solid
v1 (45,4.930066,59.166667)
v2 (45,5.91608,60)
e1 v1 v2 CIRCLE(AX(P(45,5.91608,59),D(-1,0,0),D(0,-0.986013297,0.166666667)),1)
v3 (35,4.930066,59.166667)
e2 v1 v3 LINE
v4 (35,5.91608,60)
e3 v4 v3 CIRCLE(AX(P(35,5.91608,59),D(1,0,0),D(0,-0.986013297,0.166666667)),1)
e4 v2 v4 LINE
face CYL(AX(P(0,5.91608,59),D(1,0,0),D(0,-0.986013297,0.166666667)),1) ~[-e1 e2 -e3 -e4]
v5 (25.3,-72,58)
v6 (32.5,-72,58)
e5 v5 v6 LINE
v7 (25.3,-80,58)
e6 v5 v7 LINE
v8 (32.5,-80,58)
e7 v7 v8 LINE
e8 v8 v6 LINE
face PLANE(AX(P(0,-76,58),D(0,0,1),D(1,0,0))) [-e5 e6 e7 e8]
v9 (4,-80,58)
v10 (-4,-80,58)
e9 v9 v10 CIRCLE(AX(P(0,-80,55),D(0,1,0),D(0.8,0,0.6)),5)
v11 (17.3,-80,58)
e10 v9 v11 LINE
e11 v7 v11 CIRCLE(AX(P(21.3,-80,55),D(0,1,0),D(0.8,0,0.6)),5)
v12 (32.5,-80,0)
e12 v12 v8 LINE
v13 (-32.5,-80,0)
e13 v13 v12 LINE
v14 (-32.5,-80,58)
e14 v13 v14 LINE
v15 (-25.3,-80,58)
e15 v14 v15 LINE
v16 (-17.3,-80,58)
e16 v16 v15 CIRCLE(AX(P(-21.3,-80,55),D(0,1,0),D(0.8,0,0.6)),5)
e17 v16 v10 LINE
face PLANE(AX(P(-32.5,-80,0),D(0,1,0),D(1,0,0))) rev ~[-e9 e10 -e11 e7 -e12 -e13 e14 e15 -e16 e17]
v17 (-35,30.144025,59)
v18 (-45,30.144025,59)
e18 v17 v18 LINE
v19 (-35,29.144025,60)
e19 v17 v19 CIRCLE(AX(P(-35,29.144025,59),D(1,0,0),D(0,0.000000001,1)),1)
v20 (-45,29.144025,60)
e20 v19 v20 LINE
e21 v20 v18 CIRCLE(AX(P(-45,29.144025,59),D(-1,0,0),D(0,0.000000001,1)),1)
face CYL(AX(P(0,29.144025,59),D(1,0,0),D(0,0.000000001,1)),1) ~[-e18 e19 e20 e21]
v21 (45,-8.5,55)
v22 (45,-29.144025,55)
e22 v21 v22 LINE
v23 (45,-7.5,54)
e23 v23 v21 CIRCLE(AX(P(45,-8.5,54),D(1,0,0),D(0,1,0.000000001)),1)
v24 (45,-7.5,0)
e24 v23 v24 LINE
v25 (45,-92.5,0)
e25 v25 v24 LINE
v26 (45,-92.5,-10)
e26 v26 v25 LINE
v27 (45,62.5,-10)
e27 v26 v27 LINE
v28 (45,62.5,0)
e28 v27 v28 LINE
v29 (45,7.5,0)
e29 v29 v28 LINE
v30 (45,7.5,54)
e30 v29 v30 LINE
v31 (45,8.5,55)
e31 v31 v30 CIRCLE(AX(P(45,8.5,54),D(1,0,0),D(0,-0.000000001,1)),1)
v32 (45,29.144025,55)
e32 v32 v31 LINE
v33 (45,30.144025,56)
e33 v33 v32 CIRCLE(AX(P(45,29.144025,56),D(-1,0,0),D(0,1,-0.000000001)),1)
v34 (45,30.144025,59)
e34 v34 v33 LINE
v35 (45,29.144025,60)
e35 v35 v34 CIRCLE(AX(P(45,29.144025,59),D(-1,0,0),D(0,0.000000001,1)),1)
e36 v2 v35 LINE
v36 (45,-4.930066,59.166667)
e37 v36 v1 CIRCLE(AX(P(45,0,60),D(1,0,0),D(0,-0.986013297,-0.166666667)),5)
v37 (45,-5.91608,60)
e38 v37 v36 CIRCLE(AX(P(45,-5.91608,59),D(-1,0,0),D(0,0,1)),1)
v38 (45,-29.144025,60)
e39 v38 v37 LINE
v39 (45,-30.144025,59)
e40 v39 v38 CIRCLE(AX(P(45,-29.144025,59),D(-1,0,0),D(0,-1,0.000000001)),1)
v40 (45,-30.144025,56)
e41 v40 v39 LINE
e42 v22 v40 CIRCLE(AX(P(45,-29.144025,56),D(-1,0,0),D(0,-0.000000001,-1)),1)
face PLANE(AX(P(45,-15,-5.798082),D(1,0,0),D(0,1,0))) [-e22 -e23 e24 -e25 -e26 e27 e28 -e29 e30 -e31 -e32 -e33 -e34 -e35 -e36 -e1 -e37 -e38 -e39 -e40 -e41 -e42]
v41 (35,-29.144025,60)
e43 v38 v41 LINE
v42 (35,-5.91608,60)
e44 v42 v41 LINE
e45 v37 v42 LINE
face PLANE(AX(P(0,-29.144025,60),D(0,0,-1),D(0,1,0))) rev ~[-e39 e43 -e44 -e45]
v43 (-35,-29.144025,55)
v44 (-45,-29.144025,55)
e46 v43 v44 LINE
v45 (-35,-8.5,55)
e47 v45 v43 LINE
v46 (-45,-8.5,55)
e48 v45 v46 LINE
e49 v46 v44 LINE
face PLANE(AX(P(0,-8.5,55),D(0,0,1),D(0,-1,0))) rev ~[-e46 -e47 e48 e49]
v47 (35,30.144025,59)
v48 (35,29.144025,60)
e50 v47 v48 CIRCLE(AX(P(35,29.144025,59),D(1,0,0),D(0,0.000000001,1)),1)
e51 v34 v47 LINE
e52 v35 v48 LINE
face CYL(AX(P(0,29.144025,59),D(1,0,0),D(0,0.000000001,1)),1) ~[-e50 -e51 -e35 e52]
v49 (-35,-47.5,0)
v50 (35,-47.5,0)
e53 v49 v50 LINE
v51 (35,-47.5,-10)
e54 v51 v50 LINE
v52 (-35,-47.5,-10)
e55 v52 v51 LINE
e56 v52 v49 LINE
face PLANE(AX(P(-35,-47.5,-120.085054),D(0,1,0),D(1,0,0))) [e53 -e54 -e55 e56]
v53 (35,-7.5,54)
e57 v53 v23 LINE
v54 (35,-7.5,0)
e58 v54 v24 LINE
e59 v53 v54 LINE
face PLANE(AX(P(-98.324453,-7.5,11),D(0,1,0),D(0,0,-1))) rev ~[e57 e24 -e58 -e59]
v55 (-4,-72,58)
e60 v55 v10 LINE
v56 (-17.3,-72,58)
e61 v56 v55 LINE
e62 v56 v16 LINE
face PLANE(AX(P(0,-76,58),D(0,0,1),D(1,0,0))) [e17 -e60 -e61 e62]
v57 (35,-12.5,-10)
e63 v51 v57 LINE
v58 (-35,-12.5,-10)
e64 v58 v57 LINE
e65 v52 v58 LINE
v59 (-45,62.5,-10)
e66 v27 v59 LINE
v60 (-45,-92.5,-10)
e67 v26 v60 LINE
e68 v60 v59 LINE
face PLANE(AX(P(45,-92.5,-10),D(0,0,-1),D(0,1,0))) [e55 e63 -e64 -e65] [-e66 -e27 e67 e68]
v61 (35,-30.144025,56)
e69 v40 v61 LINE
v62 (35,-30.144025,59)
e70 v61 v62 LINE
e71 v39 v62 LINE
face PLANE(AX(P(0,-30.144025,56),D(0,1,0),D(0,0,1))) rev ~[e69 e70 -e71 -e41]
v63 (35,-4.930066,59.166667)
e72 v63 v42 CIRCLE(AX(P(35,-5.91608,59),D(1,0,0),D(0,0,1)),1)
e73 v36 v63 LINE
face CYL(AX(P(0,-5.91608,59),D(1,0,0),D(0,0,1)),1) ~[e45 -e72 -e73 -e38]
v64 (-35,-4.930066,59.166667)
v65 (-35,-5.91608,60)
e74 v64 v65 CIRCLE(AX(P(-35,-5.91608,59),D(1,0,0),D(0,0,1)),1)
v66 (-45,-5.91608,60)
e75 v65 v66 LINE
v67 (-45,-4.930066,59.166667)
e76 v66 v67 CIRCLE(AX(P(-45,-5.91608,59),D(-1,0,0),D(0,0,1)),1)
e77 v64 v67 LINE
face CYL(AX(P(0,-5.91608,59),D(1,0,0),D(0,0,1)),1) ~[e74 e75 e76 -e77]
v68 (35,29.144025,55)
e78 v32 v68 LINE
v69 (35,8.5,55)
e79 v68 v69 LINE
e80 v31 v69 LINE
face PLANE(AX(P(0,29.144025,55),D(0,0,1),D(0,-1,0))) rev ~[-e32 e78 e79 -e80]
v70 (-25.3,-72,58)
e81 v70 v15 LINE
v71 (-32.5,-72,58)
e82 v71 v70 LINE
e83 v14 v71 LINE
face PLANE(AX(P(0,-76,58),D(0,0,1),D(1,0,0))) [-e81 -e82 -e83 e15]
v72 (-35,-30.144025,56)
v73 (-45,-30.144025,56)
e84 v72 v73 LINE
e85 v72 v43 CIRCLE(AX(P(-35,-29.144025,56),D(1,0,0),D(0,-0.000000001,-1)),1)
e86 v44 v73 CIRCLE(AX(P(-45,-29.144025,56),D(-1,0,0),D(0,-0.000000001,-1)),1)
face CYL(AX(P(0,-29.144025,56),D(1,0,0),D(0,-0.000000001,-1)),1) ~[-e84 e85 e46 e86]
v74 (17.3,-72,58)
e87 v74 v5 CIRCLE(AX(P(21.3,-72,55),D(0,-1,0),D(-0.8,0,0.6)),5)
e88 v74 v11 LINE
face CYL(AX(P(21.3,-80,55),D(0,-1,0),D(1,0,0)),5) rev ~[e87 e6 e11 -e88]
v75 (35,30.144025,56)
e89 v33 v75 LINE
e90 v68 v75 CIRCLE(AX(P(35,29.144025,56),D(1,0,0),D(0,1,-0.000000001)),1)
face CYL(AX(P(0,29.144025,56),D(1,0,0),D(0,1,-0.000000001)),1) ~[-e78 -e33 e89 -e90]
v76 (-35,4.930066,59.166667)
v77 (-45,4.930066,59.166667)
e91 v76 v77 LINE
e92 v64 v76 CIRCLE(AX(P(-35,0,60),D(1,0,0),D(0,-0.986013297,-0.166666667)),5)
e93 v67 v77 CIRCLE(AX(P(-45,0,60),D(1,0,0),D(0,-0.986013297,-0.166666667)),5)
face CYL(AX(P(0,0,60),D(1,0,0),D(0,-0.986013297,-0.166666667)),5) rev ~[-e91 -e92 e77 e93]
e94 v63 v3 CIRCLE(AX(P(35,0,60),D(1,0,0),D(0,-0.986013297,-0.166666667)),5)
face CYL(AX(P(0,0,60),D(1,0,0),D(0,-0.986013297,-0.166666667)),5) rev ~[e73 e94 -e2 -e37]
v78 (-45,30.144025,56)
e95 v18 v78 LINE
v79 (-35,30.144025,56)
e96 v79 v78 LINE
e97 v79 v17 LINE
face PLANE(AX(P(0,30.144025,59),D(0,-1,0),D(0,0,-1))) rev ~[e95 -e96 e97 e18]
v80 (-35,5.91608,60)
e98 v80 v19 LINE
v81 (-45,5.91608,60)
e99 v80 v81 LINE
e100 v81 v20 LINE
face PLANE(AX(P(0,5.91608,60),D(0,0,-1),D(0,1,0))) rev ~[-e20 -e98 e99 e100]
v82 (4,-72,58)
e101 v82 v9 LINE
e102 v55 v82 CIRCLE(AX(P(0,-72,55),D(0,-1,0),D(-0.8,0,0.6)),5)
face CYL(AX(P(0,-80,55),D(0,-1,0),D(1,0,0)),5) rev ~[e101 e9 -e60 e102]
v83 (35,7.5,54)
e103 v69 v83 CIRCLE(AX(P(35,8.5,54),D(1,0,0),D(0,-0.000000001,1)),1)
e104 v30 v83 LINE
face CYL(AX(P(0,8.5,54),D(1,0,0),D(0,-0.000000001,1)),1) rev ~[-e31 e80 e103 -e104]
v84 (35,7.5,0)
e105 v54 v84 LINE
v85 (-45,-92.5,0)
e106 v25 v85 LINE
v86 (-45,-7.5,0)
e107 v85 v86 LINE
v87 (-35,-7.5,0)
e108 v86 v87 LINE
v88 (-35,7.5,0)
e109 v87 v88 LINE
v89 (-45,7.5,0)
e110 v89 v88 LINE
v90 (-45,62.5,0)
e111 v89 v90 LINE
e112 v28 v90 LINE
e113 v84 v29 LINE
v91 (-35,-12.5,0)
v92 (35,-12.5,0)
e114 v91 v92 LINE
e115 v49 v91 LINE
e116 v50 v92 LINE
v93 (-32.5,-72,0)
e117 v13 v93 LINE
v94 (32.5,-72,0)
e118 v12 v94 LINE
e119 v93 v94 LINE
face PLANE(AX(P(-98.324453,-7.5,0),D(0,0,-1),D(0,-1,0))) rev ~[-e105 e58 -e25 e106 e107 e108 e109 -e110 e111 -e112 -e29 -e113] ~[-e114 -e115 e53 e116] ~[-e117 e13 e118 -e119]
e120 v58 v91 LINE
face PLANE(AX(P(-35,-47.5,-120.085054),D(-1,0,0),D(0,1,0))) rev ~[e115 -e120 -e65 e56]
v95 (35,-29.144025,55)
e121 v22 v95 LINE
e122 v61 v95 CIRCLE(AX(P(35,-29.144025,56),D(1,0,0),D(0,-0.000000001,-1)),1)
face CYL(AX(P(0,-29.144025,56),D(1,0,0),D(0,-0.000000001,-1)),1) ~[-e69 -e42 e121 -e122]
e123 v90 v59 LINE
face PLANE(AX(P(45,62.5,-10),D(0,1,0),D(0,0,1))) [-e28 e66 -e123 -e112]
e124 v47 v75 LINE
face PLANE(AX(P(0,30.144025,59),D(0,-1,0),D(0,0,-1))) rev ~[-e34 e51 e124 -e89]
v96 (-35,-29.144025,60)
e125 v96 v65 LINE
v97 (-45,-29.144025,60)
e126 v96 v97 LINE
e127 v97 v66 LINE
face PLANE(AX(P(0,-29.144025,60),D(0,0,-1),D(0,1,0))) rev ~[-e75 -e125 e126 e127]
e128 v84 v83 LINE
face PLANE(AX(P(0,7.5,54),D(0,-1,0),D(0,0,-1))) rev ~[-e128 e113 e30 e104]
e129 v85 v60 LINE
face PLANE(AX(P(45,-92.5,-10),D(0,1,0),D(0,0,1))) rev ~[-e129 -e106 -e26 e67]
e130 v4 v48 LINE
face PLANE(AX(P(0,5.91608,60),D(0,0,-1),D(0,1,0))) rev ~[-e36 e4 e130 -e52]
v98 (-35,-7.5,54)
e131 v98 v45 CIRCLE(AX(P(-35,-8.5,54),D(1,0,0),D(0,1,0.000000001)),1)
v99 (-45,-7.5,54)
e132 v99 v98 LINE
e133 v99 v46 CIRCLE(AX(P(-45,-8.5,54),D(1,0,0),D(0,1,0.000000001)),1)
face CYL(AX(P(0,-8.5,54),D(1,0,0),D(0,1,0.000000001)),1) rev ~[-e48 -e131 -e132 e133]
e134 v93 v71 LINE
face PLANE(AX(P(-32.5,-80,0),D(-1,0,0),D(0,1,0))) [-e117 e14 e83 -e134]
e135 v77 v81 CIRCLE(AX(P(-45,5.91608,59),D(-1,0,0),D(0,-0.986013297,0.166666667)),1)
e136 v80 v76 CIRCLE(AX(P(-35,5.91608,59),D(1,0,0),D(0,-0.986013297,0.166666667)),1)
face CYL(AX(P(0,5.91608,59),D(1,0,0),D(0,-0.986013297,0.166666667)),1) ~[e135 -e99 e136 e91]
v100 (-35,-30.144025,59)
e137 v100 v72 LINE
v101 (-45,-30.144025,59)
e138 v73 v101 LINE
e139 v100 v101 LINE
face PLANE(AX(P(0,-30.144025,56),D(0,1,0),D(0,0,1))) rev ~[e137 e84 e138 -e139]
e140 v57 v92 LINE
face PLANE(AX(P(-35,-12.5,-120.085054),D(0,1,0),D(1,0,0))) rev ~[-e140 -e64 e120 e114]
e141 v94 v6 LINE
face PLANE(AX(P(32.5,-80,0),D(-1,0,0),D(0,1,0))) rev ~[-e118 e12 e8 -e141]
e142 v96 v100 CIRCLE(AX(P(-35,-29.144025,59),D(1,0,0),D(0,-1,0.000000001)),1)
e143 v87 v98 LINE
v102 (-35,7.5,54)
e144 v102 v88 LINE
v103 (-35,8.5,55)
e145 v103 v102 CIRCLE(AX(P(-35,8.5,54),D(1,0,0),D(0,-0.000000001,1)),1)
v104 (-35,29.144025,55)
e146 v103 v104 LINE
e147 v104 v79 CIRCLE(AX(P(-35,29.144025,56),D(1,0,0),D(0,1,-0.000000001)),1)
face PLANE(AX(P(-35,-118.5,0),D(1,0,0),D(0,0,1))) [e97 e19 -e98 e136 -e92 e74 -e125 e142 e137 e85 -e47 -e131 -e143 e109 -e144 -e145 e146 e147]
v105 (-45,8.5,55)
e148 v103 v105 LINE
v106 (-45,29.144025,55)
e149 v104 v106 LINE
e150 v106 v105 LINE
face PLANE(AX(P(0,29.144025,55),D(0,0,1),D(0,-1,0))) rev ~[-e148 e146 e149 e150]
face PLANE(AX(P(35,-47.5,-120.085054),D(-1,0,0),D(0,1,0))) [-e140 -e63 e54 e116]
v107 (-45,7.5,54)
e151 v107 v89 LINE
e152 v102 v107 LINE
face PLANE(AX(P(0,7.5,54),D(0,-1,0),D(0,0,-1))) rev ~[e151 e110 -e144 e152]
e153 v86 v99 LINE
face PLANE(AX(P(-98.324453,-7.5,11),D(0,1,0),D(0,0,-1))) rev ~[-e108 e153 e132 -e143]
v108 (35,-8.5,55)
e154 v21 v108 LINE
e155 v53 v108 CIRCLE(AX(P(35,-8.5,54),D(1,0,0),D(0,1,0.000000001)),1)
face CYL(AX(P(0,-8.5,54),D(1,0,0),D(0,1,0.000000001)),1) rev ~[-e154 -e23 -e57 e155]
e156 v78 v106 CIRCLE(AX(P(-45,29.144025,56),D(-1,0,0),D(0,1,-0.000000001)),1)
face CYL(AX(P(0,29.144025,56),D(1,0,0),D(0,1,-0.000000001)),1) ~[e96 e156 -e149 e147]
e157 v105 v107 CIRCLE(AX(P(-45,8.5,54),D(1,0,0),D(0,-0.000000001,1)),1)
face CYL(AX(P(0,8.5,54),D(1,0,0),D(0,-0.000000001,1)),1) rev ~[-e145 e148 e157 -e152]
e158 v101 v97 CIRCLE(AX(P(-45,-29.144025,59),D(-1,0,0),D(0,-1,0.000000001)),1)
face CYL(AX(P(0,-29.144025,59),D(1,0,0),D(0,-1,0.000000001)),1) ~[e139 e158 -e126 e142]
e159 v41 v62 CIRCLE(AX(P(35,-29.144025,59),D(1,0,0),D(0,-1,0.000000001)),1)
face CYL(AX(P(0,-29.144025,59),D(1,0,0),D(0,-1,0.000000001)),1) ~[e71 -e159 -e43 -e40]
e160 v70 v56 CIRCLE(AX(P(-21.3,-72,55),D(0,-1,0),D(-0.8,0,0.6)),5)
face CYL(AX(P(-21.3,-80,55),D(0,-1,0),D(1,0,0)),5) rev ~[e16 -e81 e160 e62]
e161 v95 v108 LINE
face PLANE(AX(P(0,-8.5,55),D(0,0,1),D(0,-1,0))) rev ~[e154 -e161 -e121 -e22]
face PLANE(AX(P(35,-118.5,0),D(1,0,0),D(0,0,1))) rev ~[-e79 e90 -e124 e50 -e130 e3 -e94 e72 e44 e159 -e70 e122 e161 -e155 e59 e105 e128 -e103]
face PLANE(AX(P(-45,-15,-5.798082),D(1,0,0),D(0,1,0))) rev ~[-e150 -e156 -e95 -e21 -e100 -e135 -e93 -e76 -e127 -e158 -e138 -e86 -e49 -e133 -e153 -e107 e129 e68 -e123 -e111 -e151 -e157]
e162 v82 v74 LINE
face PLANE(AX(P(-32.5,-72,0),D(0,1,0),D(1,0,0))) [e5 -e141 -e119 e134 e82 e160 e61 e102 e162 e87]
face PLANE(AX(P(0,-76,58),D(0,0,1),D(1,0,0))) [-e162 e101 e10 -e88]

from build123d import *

# Parameters (mm, degrees)
SKETCH1_W               = 125
SKETCH1_H               = 90
BOSS_EXTRUDE1_DEPTH     = 10
BOSS_EXTRUDE2_DEPTH     = 35
BOSS_EXTRUDE3_DEPTH     = 45
SKETCH11_W              = 90
SKETCH11_H              = 30
BOSS_EXTRUDE5_DEPTH     = 10
CUT_EXTRUDE2_DEPTH      = 126
CUT_EXTRUDE2_DEPTH_BACK = 126
SKETCH7_W               = 35
SKETCH7_H               = 43
SKETCH7_H_2             = 6
SKETCH7_H_3             = 1
SKETCH17_W              = 60.575148418
SKETCH17_H              = 1.596164387
SKETCH17_W_2            = 94.424851582
BOSS_EXTRUDE7_DEPTH     = 90
SKETCH18_W              = 155
SKETCH18_H              = 8.403835613
BOSS_EXTRUDE8_DEPTH     = 90
CUT_EXTRUDE3_DEPTH      = 143.324453275
CUT_EXTRUDE3_DEPTH_BACK = 143.324453275
CUT_EXTRUDE4_DEPTH      = 126
CUT_EXTRUDE4_DEPTH_BACK = 126
SKETCH21_W              = 70
SKETCH21_H              = 10
CUT_EXTRUDE5_DEPTH      = 120.085053638
CUT_EXTRUDE5_DEPTH_BACK = 120.085053638
SKETCH22_W              = 70
SKETCH22_H              = 35
SKETCH23_W              = 65
SKETCH23_H              = 8
BOSS_EXTRUDE9_DEPTH     = 58
SKETCH24_R              = 5
CUT_EXTRUDE6_DEPTH      = 29


with BuildPart() as part:
    # Sketch1 → Boss-Extrude1 (new body)
    with BuildSketch(Plane(origin=(0, 0, 0), x_dir=(0, 1, 0), z_dir=(0, 0, 1))):
        Rectangle(SKETCH1_W, SKETCH1_H)
    extrude(amount=BOSS_EXTRUDE1_DEPTH)

    # Sketch3 → Boss-Extrude2 (add, symmetric)
    with BuildSketch(Plane.YZ):
        with BuildLine():
            Line((5.916079783, 60), (7.5, 60))
            Line((7.5, 60), (29.144025452, 60))
            ThreePointArc((29.144025452, 60), (29.851132233, 59.707106781), (30.144025452, 59))
            Line((30.144025452, 59), (30.144025452, 56))
            ThreePointArc((30.144025452, 56), (29.851132233, 55.292893219), (29.144025452, 55))
            Line((29.144025452, 55), (8.5, 55))
            ThreePointArc((8.5, 55), (7.792893219, 54.707106781), (7.5, 54))
            Line((7.5, 54), (7.5, 0))
            Line((7.5, 0), (-7.5, 0))
            Line((-7.5, 0), (-7.5, 54))
            ThreePointArc((-7.5, 54), (-7.792893219, 54.707106781), (-8.5, 55))
            Line((-8.5, 55), (-29.144025452, 55))
            ThreePointArc((-29.144025452, 55), (-29.851132233, 55.292893219), (-30.144025452, 56))
            Line((-30.144025452, 56), (-30.144025452, 59))
            ThreePointArc((-30.144025452, 59), (-29.851132233, 59.707106781), (-29.144025452, 60))
            Line((-29.144025452, 60), (-7.5, 60))
            Line((-7.5, 60), (-5.916079783, 60))
            ThreePointArc((-5.916079783, 60), (-5.270582559, 59.763762616), (-4.930066486, 59.166666667))
            ThreePointArc((-4.930066486, 59.166666667), (0, 55), (4.930066486, 59.166666667))
            ThreePointArc((4.930066486, 59.166666667), (5.270582559, 59.763762616), (5.916079783, 60))
        make_face()
    extrude(amount=BOSS_EXTRUDE2_DEPTH, both=True)

    # Sketch5 → Boss-Extrude3 (add, symmetric)
    with BuildSketch(Plane.YZ):
        with BuildLine():
            ThreePointArc((-7.5, 54), (-7.792893219, 54.707106781), (-8.5, 55))
            Line((-8.5, 55), (-29.144025452, 55))
            ThreePointArc((-29.144025452, 55), (-29.851132233, 55.292893219), (-30.144025452, 56))
            Line((-30.144025452, 56), (-30.144025452, 59))
            ThreePointArc((-30.144025452, 59), (-29.851132233, 59.707106781), (-29.144025452, 60))
            Line((-29.144025452, 60), (-5.916079783, 60))
            ThreePointArc((-5.916079783, 60), (-5.270582559, 59.763762616), (-4.930066486, 59.166666667))
            ThreePointArc((-4.930066486, 59.166666667), (0, 55), (4.930066486, 59.166666667))
            ThreePointArc((4.930066486, 59.166666667), (5.270582559, 59.763762616), (5.916079783, 60))
            Line((5.916079783, 60), (29.144025452, 60))
            ThreePointArc((29.144025452, 60), (29.851132233, 59.707106781), (30.144025452, 59))
            Line((30.144025452, 59), (30.144025452, 56))
            ThreePointArc((30.144025452, 56), (29.851132233, 55.292893219), (29.144025452, 55))
            Line((29.144025452, 55), (8.5, 55))
            ThreePointArc((8.5, 55), (7.792893219, 54.707106781), (7.5, 54))
            Line((7.5, 54), (7.5, 11))
            ThreePointArc((7.5, 11), (7.792893219, 10.292893219), (8.5, 10))
            Line((8.5, 10), (-8.5, 10))
            ThreePointArc((-8.5, 10), (-7.792893219, 10.292893219), (-7.5, 11))
            Line((-7.5, 11), (-7.5, 54))
        make_face()
    extrude(amount=BOSS_EXTRUDE3_DEPTH, both=True)

    # Sketch11 → Boss-Extrude5 (add)
    with BuildSketch(Plane.XY.offset(10)):
        with Locations((0, -77.5)):
            Rectangle(SKETCH11_W, SKETCH11_H)
    extrude(amount=-BOSS_EXTRUDE5_DEPTH)

    # Sketch7 → Cut-Extrude2 (cut, two sides: drawn at the far end of the back side and taken through both)
    with BuildSketch(Plane(origin=(0, 7.5, 0), x_dir=(-1, 0, 0), z_dir=(0, 1, 0)).offset(-CUT_EXTRUDE2_DEPTH_BACK)):
        with Locations((-17.5, 32.5)):
            Rectangle(SKETCH7_W, SKETCH7_H)
        Polygon((0, 54), (0, 11), (35, 11), (35, 35), (35, 54), align=None)
        with Locations((17.5, 57)):
            Rectangle(SKETCH7_W, SKETCH7_H_2)
        with Locations((-17.5, 57)):
            Rectangle(SKETCH7_W, SKETCH7_H_2)
        with Locations((-17.5, 10.5)):
            Rectangle(SKETCH7_W, SKETCH7_H_3)
        with Locations((17.5, 10.5)):
            Rectangle(SKETCH7_W, SKETCH7_H_3)
    extrude(amount=CUT_EXTRUDE2_DEPTH + CUT_EXTRUDE2_DEPTH_BACK, mode=Mode.SUBTRACT)

    # Sketch17 → Boss-Extrude7 (add)
    with BuildSketch(Plane.YZ.offset(45)):
        with Locations((-62.212425791, -0.798082194)):
            Rectangle(SKETCH17_W, SKETCH17_H)
        with Locations((15.287574209, -0.798082194)):
            Rectangle(SKETCH17_W_2, SKETCH17_H)
    extrude(amount=-BOSS_EXTRUDE7_DEPTH)

    # Sketch18 → Boss-Extrude8 (add)
    with BuildSketch(Plane.YZ.offset(45)):
        with Locations((-15, -5.798082193)):
            Rectangle(SKETCH18_W, SKETCH18_H)
    extrude(amount=-BOSS_EXTRUDE8_DEPTH)

    # Sketch19 → Cut-Extrude3 (cut, two sides: drawn at the far end of the back side and taken through both)
    with BuildSketch(Plane.YZ.offset(45).offset(-CUT_EXTRUDE3_DEPTH_BACK)):
        with BuildLine():
            Line((-92.5, 10), (-8.5, 10))
            ThreePointArc((-8.5, 10), (-7.792893219, 10.292893219), (-7.5, 11))
            Line((-7.5, 11), (-7.5, 0))
            Line((-7.5, 0), (-92.5, 0))
            Line((-92.5, 0), (-92.5, 10))
        make_face()
        with BuildLine():
            Line((62.5, 10), (62.5, 0))
            Line((62.5, 0), (7.5, 0))
            Line((7.5, 0), (7.5, 11))
            ThreePointArc((7.5, 11), (7.792893219, 10.292893219), (8.5, 10))
            Line((8.5, 10), (62.5, 10))
        make_face()
    extrude(amount=CUT_EXTRUDE3_DEPTH + CUT_EXTRUDE3_DEPTH_BACK, mode=Mode.SUBTRACT)

    # Sketch21 → Cut-Extrude4 (cut, two sides: drawn at the far end of the back side and taken through both)
    with BuildSketch(Plane(origin=(0, 7.5, 0), x_dir=(-1, 0, 0), z_dir=(0, 1, 0)).offset(-CUT_EXTRUDE4_DEPTH_BACK)):
        with Locations((0, 5)):
            Rectangle(SKETCH21_W, SKETCH21_H)
    extrude(amount=CUT_EXTRUDE4_DEPTH + CUT_EXTRUDE4_DEPTH_BACK, mode=Mode.SUBTRACT)

    # Sketch22 → Cut-Extrude5 (cut, two sides: drawn at the far end of the back side and taken through both)
    with BuildSketch(Plane.XY.offset(-CUT_EXTRUDE5_DEPTH_BACK)):
        with Locations((0, -30)):
            Rectangle(SKETCH22_W, SKETCH22_H)
    extrude(amount=CUT_EXTRUDE5_DEPTH + CUT_EXTRUDE5_DEPTH_BACK, mode=Mode.SUBTRACT)

    # Sketch23 → Boss-Extrude9 (add)
    with BuildSketch(Plane.XY):
        with Locations((0, -76)):
            Rectangle(SKETCH23_W, SKETCH23_H)
    extrude(amount=BOSS_EXTRUDE9_DEPTH)

    # Sketch24 → Cut-Extrude6 (cut, symmetric)
    with BuildSketch(Plane.XZ.offset(80)):
        with Locations((0, 55)):
            Circle(SKETCH24_R)
        with Locations((-21.3, 55)):
            Circle(SKETCH24_R)
        with Locations((21.3, 55)):
            Circle(SKETCH24_R)
    extrude(amount=CUT_EXTRUDE6_DEPTH, both=True, mode=Mode.SUBTRACT)


solid = part.part
